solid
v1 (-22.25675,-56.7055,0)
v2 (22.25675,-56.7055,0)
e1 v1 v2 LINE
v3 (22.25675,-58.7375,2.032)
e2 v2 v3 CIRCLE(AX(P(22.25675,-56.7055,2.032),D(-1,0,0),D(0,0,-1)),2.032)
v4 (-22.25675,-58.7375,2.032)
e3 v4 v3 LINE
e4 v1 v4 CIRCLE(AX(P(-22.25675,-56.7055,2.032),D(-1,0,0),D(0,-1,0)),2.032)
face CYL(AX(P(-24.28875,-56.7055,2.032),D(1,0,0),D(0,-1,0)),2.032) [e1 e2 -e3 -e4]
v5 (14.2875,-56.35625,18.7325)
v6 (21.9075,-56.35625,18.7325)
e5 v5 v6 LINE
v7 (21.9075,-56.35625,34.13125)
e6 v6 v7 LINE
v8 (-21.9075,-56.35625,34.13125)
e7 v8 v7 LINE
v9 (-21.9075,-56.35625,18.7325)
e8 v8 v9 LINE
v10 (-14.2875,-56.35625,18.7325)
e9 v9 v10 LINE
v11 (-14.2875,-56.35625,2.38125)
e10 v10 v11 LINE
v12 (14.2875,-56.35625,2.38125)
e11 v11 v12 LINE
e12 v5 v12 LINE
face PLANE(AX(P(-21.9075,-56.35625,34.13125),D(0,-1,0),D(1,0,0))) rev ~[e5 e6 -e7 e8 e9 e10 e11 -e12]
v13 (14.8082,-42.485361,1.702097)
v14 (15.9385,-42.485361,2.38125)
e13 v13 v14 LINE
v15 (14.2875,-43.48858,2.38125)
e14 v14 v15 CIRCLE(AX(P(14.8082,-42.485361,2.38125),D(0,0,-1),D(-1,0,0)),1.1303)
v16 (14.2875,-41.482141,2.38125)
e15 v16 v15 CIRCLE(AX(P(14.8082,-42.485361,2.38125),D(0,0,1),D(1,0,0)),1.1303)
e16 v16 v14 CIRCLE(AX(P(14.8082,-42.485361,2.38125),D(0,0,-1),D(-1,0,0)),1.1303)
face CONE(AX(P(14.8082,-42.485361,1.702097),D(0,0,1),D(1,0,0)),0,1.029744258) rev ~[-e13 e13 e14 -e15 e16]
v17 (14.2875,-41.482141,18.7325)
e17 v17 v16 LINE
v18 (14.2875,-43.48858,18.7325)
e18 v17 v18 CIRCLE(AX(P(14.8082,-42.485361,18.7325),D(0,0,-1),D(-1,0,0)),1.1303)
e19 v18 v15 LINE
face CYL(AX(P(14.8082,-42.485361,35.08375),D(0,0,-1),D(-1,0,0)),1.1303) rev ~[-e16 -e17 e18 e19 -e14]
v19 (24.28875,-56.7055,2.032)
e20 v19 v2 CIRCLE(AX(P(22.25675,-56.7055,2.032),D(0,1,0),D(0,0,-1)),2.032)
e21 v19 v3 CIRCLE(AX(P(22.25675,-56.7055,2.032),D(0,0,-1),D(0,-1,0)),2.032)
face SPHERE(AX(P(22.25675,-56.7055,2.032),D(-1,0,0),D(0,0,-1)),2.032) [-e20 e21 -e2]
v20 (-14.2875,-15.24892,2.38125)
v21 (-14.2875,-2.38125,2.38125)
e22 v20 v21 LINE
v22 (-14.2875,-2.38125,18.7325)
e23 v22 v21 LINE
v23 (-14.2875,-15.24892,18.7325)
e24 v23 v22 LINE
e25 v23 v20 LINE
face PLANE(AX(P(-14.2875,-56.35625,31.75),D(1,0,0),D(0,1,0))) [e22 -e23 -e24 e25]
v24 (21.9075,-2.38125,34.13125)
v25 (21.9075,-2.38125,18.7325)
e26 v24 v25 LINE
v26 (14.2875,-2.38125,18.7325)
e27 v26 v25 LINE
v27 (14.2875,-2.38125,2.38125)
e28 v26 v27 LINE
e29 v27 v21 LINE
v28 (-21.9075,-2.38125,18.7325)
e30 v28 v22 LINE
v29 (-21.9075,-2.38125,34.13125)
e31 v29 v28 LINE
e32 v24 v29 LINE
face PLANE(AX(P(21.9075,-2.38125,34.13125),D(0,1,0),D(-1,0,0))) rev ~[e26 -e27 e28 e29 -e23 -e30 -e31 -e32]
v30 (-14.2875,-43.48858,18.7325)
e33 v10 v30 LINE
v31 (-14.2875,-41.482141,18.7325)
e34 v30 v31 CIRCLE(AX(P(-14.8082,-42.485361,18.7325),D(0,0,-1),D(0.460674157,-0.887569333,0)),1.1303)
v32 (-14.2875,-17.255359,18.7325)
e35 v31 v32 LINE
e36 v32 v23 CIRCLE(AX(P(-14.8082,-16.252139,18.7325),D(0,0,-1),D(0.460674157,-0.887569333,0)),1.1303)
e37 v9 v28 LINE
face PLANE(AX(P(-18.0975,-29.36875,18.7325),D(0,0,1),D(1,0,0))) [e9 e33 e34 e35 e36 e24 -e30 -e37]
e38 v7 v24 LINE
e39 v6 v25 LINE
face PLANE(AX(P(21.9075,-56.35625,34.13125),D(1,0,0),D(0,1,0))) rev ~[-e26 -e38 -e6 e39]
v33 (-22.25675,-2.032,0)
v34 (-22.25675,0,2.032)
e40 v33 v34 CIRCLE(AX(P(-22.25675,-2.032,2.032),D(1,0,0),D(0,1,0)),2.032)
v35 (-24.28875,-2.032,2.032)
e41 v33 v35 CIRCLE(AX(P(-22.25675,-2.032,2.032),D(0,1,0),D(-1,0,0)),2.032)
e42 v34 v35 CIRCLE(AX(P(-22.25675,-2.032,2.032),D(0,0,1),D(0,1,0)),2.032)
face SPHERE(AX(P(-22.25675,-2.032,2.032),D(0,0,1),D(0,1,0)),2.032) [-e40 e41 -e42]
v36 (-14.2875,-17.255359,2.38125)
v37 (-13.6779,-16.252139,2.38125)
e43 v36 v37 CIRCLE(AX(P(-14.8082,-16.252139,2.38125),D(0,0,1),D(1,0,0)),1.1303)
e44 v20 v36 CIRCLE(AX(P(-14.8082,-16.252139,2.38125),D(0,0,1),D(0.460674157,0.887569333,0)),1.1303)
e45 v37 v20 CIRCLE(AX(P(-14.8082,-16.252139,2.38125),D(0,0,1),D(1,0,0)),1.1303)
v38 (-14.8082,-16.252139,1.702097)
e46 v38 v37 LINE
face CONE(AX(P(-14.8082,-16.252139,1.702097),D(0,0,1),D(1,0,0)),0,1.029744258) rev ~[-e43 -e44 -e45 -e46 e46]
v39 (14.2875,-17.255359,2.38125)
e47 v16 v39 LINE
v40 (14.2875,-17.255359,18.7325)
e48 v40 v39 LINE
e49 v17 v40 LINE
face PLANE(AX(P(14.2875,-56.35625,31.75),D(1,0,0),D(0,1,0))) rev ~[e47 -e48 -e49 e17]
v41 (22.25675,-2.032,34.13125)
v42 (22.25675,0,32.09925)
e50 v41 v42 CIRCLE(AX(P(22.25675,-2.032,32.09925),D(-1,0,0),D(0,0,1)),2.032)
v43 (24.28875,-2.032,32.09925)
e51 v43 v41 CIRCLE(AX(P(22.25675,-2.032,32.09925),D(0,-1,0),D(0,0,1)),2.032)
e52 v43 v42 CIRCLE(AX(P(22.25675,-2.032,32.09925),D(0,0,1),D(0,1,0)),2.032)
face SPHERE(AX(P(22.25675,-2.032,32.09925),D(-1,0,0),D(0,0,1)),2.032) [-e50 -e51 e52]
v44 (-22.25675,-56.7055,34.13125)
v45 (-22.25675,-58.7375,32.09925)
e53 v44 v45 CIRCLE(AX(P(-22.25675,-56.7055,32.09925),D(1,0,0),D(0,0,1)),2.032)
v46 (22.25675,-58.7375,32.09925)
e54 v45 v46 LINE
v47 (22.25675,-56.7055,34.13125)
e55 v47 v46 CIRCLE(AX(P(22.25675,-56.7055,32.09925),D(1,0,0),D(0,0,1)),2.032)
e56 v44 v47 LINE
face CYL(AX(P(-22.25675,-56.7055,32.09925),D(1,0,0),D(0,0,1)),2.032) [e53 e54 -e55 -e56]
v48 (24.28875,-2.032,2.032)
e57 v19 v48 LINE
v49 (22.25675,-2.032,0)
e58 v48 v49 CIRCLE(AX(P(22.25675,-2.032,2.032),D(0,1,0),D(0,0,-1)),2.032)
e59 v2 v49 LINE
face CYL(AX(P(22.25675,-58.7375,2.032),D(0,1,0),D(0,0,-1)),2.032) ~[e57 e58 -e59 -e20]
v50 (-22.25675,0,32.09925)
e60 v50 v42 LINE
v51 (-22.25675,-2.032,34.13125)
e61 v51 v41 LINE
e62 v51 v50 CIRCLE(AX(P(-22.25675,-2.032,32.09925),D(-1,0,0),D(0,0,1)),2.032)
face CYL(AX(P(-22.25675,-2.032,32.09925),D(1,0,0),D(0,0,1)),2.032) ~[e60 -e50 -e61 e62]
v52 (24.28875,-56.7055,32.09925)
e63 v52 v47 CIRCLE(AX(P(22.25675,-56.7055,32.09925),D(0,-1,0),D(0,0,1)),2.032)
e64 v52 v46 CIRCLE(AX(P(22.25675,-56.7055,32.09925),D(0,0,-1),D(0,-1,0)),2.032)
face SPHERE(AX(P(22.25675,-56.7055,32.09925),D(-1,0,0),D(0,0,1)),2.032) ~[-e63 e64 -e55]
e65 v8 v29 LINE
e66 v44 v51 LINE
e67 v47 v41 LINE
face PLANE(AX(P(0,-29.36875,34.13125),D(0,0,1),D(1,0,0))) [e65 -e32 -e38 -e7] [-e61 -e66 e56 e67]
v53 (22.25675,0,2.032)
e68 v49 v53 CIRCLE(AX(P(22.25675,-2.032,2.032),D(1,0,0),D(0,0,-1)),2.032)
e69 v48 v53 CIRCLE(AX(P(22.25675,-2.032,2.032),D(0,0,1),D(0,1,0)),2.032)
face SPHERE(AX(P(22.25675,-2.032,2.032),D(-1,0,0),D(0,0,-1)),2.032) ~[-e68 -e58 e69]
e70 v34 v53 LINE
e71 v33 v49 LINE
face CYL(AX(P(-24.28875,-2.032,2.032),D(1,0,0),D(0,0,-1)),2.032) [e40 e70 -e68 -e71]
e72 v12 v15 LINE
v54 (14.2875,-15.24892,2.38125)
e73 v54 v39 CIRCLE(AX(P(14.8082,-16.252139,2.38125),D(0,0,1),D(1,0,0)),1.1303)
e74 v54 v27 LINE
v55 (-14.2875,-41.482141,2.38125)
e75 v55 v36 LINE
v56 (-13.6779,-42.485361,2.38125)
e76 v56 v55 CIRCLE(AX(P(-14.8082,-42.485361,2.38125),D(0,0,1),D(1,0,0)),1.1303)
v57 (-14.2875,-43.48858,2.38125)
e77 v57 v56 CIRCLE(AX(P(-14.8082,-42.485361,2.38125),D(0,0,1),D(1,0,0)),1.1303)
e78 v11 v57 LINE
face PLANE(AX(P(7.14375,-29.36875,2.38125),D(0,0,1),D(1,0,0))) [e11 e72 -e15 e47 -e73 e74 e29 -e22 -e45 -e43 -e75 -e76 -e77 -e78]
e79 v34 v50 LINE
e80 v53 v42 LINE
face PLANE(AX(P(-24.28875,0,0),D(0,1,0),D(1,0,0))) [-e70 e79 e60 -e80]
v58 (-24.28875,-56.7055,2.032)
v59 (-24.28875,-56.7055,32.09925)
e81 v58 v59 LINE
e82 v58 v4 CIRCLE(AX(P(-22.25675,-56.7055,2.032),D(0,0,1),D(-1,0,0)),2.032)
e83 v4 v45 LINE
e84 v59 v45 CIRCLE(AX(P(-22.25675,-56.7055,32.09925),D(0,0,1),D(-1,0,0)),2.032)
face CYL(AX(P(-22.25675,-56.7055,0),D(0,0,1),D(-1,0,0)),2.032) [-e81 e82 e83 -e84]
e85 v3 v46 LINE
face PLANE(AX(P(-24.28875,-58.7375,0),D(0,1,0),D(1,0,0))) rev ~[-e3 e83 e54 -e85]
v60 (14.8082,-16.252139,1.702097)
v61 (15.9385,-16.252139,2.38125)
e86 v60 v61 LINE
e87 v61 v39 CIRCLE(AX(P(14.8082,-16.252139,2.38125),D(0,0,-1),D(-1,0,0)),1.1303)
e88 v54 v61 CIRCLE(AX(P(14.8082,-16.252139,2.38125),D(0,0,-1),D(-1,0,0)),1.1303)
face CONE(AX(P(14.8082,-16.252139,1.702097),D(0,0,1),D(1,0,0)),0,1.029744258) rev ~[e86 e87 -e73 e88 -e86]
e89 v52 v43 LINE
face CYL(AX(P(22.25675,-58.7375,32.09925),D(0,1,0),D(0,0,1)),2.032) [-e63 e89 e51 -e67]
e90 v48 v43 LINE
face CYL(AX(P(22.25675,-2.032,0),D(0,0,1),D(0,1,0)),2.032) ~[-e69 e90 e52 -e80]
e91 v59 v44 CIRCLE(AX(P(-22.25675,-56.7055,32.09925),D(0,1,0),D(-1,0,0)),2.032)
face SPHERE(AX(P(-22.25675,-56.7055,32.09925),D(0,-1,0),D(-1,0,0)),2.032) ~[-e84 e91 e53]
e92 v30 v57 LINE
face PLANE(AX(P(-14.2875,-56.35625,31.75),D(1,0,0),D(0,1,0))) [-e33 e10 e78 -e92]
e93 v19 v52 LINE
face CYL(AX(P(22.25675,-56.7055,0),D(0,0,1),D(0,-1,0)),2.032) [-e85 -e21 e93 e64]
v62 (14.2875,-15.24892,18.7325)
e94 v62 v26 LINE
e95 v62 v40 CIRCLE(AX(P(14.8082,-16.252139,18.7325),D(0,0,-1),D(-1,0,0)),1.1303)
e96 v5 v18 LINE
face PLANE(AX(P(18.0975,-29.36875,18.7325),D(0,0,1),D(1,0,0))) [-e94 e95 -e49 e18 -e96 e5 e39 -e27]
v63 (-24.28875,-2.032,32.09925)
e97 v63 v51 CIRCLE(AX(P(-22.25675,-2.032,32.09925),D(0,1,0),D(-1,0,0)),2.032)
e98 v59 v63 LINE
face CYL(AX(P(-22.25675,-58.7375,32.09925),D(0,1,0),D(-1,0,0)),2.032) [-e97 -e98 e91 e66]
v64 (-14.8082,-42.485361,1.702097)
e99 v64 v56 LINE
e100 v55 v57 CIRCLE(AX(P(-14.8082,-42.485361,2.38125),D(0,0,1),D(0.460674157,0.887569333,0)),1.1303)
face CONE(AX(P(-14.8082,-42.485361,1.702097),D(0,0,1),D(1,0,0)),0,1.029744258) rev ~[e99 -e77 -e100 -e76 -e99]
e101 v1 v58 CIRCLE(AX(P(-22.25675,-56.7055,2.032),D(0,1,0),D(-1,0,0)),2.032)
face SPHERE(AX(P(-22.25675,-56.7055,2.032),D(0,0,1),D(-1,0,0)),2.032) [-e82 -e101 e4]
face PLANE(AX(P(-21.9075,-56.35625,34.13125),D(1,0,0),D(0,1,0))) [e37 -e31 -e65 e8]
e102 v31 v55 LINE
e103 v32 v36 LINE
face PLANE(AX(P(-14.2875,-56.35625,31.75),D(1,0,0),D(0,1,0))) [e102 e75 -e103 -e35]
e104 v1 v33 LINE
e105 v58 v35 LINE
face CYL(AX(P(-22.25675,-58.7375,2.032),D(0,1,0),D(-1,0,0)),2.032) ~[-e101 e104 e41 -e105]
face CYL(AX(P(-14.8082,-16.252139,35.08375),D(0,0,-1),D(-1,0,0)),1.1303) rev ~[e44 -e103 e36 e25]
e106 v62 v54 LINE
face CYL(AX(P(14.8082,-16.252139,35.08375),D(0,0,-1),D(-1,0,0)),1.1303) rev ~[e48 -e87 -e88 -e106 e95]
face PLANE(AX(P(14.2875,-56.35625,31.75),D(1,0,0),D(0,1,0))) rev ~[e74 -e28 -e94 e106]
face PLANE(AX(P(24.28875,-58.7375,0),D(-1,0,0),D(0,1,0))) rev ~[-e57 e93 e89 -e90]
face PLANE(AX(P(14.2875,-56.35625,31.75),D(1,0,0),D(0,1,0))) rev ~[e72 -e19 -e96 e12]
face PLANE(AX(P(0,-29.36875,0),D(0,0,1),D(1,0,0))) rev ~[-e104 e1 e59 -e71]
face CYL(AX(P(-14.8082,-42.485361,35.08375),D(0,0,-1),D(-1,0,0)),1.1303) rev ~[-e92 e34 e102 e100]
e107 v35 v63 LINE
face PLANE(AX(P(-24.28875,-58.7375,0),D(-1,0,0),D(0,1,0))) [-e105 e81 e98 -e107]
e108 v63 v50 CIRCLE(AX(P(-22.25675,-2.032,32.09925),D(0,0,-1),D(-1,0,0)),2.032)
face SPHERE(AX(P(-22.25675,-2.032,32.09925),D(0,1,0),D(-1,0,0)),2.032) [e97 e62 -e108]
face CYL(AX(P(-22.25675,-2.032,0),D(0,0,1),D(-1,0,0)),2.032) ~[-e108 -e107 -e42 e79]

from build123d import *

# Parameters (mm, degrees)
SKETCH1_W                 = 48.5775
SKETCH1_H                 = 58.7375
BOSS_EXTRUDE1_DEPTH       = 34.13125
SKETCH2_W                 = 21.9075
SKETCH2_H                 = 53.975
CUT_EXTRUDE1_DEPTH        = 2.38125
SKETCH4_W                 = 14.2875
SKETCH4_H                 = 53.975
CUT_EXTRUDE2_DEPTH        = 29.36875
SKETCH5_W                 = 7.62
SKETCH5_H                 = 53.975
CUT_EXTRUDE3_DEPTH        = 13.0175
F_4_40_TAPPED_HOLE1_D     = 2.2606
F_4_40_TAPPED_HOLE1_DEPTH = 16.35125
F_4_40_TAPPED_HOLE1_TIP   = 0.679152758
FILLET3_R                 = 2.032
FILLET4_R                 = 2.032


with BuildPart() as part:
    # Sketch1 → Boss-Extrude1 (new body)
    with BuildSketch(Plane.XY):
        with Locations((0, -29.36875)):
            Rectangle(SKETCH1_W, SKETCH1_H)
    extrude(amount=BOSS_EXTRUDE1_DEPTH)

    # Sketch2 → Cut-Extrude1 (cut)
    with BuildSketch(Plane.XY.offset(34.13125)):
        with Locations((10.95375, -29.36875)):
            Rectangle(SKETCH2_W, SKETCH2_H)
        with Locations((-10.95375, -29.36875)):
            Rectangle(SKETCH2_W, SKETCH2_H)
    extrude(amount=-CUT_EXTRUDE1_DEPTH, mode=Mode.SUBTRACT)

    # Sketch4 → Cut-Extrude2 (cut)
    with BuildSketch(Plane.XY.offset(31.75)):
        with Locations((7.14375, -29.36875)):
            Rectangle(SKETCH4_W, SKETCH4_H)
        with Locations((-7.14375, -29.36875)):
            Rectangle(SKETCH4_W, SKETCH4_H)
    extrude(amount=-CUT_EXTRUDE2_DEPTH, mode=Mode.SUBTRACT)

    # Sketch5 → Cut-Extrude3 (cut)
    with BuildSketch(Plane.XY.offset(31.75)):
        with Locations((-18.0975, -29.36875)):
            Rectangle(SKETCH5_W, SKETCH5_H)
        with Locations((18.0975, -29.36875)):
            Rectangle(SKETCH5_W, SKETCH5_H)
    extrude(amount=-CUT_EXTRUDE3_DEPTH, mode=Mode.SUBTRACT)

    # #4-40 Tapped Hole1
    with Locations(Plane.XY.offset(18.7325)):
        with Locations((-14.8082, -16.2521392), (-14.8082, -42.4853608), (14.8082, -42.4853608), (14.8082, -16.2521392)):
            Hole(F_4_40_TAPPED_HOLE1_D / 2, depth=F_4_40_TAPPED_HOLE1_DEPTH)
            with Locations((0, 0, -(F_4_40_TAPPED_HOLE1_DEPTH + F_4_40_TAPPED_HOLE1_TIP / 2))):  # 118° drill point
                Cone(0, F_4_40_TAPPED_HOLE1_D / 2, F_4_40_TAPPED_HOLE1_TIP, mode=Mode.SUBTRACT)

    # Fillet3
    fillet3_edges = [part.edges().sort_by_distance(p)[0] for p in [
        (-24.28875, -29.36875, 34.13125),
    ]]
    fillet(fillet3_edges, radius=FILLET3_R)

    # Fillet4
    fillet4_edges = [part.edges().sort_by_distance(p)[0] for p in [
        (-24.28875, -58.7375, 16.049625),
        (-23.693590979, -58.7375, 33.536090979),
        (-24.28875, 0, 16.049625),
        (-23.693590979, 0, 33.536090979),
        (1.016, 0, 34.13125),
        (24.28875, -29.36875, 34.13125),
        (0, 0, 0),
        (-24.28875, -29.36875, 0),
        (0, -58.7375, 0),
        (24.28875, -29.36875, 0),
        (1.016, -58.7375, 34.13125),
        (24.28875, 0, 17.065625),
        (24.28875, -58.7375, 17.065625),
    ]]
    fillet(fillet4_edges, radius=FILLET4_R)


solid = part.part
